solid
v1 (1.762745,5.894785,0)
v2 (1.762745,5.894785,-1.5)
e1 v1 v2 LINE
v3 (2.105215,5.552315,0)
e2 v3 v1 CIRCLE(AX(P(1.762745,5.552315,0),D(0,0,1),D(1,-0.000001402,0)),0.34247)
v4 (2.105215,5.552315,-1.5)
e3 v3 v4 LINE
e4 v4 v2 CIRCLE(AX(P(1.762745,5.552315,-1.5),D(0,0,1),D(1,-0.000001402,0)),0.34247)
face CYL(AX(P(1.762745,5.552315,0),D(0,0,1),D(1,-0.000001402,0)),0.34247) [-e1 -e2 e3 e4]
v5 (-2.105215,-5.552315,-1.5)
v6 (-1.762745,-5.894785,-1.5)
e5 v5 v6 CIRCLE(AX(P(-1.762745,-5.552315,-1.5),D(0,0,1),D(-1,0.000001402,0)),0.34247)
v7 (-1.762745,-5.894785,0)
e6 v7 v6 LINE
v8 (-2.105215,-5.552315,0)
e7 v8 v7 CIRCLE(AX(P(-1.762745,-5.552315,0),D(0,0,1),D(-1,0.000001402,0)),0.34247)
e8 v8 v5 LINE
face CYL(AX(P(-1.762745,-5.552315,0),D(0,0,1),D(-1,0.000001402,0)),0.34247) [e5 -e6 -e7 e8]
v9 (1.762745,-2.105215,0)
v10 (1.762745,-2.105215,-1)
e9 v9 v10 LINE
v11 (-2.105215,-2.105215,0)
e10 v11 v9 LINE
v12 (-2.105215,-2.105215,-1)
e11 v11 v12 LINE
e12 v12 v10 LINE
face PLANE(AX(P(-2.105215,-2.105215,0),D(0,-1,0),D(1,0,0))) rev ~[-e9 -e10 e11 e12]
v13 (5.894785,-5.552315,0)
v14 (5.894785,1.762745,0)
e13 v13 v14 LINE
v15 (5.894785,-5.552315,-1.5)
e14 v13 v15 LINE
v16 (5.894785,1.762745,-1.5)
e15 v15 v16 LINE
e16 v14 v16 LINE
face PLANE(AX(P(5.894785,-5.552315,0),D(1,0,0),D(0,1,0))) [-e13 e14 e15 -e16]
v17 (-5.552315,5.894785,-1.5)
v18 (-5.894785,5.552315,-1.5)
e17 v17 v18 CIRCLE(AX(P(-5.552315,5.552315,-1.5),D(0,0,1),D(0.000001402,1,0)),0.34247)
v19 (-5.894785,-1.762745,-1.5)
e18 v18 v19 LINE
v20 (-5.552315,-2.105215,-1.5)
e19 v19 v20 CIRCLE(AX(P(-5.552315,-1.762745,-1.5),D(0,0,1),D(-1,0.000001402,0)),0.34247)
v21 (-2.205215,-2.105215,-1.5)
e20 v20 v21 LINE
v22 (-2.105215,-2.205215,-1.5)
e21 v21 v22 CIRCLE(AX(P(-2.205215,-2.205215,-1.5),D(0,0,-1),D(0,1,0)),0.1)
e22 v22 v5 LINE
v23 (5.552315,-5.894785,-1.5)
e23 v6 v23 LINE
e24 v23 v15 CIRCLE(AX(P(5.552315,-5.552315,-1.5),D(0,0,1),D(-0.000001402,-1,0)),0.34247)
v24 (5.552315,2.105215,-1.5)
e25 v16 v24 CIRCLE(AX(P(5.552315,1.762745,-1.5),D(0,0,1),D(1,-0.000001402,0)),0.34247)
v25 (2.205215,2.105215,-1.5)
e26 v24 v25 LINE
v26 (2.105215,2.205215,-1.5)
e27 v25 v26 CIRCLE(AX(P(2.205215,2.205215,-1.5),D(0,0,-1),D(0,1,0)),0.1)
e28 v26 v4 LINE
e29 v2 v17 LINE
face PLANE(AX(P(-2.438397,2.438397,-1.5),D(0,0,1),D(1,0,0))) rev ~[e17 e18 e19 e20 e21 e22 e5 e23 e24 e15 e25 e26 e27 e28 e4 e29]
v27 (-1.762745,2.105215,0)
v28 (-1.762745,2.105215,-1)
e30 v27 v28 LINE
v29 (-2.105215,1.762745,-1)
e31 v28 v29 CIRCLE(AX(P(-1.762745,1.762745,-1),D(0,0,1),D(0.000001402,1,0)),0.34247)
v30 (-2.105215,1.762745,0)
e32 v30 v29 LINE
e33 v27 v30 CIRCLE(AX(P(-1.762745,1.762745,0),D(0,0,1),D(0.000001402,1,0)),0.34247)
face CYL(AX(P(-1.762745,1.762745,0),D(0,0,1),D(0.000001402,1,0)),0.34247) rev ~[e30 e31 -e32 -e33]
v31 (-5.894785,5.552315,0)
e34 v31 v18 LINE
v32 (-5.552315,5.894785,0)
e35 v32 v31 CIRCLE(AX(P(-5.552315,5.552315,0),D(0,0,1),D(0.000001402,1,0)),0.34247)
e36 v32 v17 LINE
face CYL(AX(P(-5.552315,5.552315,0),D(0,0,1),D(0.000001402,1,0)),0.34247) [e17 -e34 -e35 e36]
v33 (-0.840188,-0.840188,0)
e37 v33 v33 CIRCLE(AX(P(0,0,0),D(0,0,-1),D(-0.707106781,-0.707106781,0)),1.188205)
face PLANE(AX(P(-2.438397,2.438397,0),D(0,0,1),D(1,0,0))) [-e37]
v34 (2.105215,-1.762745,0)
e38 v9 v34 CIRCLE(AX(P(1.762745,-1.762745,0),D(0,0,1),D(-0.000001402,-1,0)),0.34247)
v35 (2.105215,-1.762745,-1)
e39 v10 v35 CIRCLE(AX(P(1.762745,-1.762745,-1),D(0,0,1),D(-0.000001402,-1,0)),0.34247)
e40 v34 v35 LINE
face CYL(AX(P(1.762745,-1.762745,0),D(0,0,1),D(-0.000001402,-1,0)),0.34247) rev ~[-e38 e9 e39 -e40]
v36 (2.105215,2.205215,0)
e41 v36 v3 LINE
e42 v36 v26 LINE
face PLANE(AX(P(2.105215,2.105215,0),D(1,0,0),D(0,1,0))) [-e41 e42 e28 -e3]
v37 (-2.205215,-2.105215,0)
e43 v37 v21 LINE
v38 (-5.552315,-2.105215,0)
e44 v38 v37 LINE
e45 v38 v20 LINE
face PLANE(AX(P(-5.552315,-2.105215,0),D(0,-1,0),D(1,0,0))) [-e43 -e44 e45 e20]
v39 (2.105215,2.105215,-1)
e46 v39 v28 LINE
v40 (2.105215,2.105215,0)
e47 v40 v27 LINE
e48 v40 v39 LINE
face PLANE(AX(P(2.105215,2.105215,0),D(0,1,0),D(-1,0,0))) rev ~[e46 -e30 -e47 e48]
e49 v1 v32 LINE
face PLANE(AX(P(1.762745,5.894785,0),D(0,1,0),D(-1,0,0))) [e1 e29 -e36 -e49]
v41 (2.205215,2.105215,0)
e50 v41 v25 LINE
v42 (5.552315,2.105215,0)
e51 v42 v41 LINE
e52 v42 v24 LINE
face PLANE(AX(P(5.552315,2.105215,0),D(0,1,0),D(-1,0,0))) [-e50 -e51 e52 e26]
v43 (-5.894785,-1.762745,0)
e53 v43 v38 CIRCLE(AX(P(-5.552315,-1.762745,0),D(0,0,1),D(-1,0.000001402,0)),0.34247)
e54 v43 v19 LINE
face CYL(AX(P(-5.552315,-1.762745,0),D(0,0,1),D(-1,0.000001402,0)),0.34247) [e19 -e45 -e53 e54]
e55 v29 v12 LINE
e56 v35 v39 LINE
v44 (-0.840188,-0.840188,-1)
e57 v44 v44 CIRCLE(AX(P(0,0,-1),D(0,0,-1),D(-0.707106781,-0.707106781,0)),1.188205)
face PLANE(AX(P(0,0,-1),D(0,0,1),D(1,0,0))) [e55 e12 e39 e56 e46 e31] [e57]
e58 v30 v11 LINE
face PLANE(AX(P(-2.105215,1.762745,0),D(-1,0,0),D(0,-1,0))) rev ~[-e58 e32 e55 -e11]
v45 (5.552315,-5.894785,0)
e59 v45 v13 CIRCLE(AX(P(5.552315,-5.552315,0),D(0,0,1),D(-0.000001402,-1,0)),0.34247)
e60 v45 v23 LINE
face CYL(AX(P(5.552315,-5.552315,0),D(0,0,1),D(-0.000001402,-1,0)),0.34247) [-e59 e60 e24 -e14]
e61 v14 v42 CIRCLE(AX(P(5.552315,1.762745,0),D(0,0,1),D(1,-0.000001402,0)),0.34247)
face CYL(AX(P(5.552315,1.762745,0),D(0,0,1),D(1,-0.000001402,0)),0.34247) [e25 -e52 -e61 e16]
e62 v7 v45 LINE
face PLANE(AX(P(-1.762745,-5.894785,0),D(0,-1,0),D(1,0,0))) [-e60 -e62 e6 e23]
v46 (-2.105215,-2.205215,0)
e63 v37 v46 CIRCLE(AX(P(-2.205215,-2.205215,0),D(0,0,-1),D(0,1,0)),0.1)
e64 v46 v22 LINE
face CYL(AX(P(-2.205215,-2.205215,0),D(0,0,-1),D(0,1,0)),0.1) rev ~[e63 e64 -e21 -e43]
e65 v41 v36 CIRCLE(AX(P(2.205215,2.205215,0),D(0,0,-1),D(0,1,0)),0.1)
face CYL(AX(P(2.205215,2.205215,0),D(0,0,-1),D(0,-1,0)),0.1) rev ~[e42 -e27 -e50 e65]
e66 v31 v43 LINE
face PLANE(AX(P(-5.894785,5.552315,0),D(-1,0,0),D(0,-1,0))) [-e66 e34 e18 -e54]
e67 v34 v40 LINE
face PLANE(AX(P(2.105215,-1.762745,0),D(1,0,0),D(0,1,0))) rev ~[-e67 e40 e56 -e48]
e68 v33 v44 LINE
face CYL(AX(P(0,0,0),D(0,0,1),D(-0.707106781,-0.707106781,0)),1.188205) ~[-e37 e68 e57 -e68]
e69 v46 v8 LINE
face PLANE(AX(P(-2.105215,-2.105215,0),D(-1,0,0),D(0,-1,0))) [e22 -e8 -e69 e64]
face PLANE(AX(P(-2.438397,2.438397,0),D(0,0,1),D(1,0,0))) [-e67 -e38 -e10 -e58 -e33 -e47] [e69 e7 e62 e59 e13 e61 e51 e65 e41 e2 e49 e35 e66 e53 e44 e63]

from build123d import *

# Parameters (mm, degrees)
F1_DEPTH = 1.5
F2_R     = 0.1
F3_DEPTH = 1


with BuildPart() as f1:
    # F0 (on Top) → F1 (new body)
    with BuildSketch(Plane.XY):
        with BuildLine():
            Line((1.762745, 5.894785), (-5.552315, 5.894785))
            ThreePointArc((-5.552315, 5.894785), (-5.794478, 5.794478), (-5.894785, 5.552315))
            Line((-5.894785, 5.552315), (-5.894785, -1.762745))
            ThreePointArc((-5.894785, -1.762745), (-5.794478, -2.004908), (-5.552315, -2.105215))
            Line((-5.552315, -2.105215), (-2.105215, -2.105215))
            Line((-2.105215, -2.105215), (-2.105215, 1.762745))
            ThreePointArc((-2.105215, 1.762745), (-2.004908, 2.004908), (-1.762745, 2.105215))
            Line((-1.762745, 2.105215), (2.105215, 2.105215))
            Line((2.105215, 2.105215), (2.105215, 5.552315))
            ThreePointArc((2.105215, 5.552315), (2.004908, 5.794478), (1.762745, 5.894785))
        make_face()
        with BuildLine():
            Line((2.105215, -1.762745), (2.105215, 2.105215))
            Line((2.105215, 2.105215), (-1.762745, 2.105215))
            ThreePointArc((-1.762745, 2.105215), (-2.004908, 2.004908), (-2.105215, 1.762745))
            Line((-2.105215, 1.762745), (-2.105215, -2.105215))
            Line((-2.105215, -2.105215), (1.762745, -2.105215))
            ThreePointArc((1.762745, -2.105215), (2.004908, -2.004908), (2.105215, -1.762745))
        make_face()
        with BuildLine():
            ThreePointArc((0.840188, 0.840188), (0.840188, -0.840188), (-0.840188, -0.840188))
            ThreePointArc((-0.840188, -0.840188), (-0.840188, 0.840188), (0.840188, 0.840188))
        make_face(mode=Mode.SUBTRACT)
        with BuildLine():
            ThreePointArc((0.840188, 0.840188), (-0.840188, 0.840188), (-0.840188, -0.840188))
            ThreePointArc((-0.840188, -0.840188), (0.840188, -0.840188), (0.840188, 0.840188))
        make_face()
        with BuildLine():
            Line((5.552315, 2.105215), (2.105215, 2.105215))
            Line((2.105215, 2.105215), (2.105215, -1.762745))
            ThreePointArc((2.105215, -1.762745), (2.004908, -2.004908), (1.762745, -2.105215))
            Line((1.762745, -2.105215), (-2.105215, -2.105215))
            Line((-2.105215, -2.105215), (-2.105215, -5.552315))
            ThreePointArc((-2.105215, -5.552315), (-2.004908, -5.794478), (-1.762745, -5.894785))
            Line((-1.762745, -5.894785), (5.552315, -5.894785))
            ThreePointArc((5.552315, -5.894785), (5.794478, -5.794478), (5.894785, -5.552315))
            Line((5.894785, -5.552315), (5.894785, 1.762745))
            ThreePointArc((5.894785, 1.762745), (5.794478, 2.004908), (5.552315, 2.105215))
        make_face()
    extrude(amount=-F1_DEPTH)

    # F2
    f2_edges = [f1.edges().sort_by_distance(p)[0] for p in [
        (-2.105215, -2.105215, -0.75),
        (2.105215, 2.105215, -0.75),
    ]]
    fillet(f2_edges, radius=F2_R)

    # F0 (on Top) → F3 (cut)
    with BuildSketch(Plane.XY):
        with BuildLine():
            Line((2.105215, -1.762745), (2.105215, 2.105215))
            Line((2.105215, 2.105215), (-1.762745, 2.105215))
            ThreePointArc((-1.762745, 2.105215), (-2.004908, 2.004908), (-2.105215, 1.762745))
            Line((-2.105215, 1.762745), (-2.105215, -2.105215))
            Line((-2.105215, -2.105215), (1.762745, -2.105215))
            ThreePointArc((1.762745, -2.105215), (2.004908, -2.004908), (2.105215, -1.762745))
        make_face()
        with BuildLine():
            ThreePointArc((0.840188, 0.840188), (0.840188, -0.840188), (-0.840188, -0.840188))
            ThreePointArc((-0.840188, -0.840188), (-0.840188, 0.840188), (0.840188, 0.840188))
        make_face(mode=Mode.SUBTRACT)
    extrude(amount=-F3_DEPTH, mode=Mode.SUBTRACT)


solid = f1.part
